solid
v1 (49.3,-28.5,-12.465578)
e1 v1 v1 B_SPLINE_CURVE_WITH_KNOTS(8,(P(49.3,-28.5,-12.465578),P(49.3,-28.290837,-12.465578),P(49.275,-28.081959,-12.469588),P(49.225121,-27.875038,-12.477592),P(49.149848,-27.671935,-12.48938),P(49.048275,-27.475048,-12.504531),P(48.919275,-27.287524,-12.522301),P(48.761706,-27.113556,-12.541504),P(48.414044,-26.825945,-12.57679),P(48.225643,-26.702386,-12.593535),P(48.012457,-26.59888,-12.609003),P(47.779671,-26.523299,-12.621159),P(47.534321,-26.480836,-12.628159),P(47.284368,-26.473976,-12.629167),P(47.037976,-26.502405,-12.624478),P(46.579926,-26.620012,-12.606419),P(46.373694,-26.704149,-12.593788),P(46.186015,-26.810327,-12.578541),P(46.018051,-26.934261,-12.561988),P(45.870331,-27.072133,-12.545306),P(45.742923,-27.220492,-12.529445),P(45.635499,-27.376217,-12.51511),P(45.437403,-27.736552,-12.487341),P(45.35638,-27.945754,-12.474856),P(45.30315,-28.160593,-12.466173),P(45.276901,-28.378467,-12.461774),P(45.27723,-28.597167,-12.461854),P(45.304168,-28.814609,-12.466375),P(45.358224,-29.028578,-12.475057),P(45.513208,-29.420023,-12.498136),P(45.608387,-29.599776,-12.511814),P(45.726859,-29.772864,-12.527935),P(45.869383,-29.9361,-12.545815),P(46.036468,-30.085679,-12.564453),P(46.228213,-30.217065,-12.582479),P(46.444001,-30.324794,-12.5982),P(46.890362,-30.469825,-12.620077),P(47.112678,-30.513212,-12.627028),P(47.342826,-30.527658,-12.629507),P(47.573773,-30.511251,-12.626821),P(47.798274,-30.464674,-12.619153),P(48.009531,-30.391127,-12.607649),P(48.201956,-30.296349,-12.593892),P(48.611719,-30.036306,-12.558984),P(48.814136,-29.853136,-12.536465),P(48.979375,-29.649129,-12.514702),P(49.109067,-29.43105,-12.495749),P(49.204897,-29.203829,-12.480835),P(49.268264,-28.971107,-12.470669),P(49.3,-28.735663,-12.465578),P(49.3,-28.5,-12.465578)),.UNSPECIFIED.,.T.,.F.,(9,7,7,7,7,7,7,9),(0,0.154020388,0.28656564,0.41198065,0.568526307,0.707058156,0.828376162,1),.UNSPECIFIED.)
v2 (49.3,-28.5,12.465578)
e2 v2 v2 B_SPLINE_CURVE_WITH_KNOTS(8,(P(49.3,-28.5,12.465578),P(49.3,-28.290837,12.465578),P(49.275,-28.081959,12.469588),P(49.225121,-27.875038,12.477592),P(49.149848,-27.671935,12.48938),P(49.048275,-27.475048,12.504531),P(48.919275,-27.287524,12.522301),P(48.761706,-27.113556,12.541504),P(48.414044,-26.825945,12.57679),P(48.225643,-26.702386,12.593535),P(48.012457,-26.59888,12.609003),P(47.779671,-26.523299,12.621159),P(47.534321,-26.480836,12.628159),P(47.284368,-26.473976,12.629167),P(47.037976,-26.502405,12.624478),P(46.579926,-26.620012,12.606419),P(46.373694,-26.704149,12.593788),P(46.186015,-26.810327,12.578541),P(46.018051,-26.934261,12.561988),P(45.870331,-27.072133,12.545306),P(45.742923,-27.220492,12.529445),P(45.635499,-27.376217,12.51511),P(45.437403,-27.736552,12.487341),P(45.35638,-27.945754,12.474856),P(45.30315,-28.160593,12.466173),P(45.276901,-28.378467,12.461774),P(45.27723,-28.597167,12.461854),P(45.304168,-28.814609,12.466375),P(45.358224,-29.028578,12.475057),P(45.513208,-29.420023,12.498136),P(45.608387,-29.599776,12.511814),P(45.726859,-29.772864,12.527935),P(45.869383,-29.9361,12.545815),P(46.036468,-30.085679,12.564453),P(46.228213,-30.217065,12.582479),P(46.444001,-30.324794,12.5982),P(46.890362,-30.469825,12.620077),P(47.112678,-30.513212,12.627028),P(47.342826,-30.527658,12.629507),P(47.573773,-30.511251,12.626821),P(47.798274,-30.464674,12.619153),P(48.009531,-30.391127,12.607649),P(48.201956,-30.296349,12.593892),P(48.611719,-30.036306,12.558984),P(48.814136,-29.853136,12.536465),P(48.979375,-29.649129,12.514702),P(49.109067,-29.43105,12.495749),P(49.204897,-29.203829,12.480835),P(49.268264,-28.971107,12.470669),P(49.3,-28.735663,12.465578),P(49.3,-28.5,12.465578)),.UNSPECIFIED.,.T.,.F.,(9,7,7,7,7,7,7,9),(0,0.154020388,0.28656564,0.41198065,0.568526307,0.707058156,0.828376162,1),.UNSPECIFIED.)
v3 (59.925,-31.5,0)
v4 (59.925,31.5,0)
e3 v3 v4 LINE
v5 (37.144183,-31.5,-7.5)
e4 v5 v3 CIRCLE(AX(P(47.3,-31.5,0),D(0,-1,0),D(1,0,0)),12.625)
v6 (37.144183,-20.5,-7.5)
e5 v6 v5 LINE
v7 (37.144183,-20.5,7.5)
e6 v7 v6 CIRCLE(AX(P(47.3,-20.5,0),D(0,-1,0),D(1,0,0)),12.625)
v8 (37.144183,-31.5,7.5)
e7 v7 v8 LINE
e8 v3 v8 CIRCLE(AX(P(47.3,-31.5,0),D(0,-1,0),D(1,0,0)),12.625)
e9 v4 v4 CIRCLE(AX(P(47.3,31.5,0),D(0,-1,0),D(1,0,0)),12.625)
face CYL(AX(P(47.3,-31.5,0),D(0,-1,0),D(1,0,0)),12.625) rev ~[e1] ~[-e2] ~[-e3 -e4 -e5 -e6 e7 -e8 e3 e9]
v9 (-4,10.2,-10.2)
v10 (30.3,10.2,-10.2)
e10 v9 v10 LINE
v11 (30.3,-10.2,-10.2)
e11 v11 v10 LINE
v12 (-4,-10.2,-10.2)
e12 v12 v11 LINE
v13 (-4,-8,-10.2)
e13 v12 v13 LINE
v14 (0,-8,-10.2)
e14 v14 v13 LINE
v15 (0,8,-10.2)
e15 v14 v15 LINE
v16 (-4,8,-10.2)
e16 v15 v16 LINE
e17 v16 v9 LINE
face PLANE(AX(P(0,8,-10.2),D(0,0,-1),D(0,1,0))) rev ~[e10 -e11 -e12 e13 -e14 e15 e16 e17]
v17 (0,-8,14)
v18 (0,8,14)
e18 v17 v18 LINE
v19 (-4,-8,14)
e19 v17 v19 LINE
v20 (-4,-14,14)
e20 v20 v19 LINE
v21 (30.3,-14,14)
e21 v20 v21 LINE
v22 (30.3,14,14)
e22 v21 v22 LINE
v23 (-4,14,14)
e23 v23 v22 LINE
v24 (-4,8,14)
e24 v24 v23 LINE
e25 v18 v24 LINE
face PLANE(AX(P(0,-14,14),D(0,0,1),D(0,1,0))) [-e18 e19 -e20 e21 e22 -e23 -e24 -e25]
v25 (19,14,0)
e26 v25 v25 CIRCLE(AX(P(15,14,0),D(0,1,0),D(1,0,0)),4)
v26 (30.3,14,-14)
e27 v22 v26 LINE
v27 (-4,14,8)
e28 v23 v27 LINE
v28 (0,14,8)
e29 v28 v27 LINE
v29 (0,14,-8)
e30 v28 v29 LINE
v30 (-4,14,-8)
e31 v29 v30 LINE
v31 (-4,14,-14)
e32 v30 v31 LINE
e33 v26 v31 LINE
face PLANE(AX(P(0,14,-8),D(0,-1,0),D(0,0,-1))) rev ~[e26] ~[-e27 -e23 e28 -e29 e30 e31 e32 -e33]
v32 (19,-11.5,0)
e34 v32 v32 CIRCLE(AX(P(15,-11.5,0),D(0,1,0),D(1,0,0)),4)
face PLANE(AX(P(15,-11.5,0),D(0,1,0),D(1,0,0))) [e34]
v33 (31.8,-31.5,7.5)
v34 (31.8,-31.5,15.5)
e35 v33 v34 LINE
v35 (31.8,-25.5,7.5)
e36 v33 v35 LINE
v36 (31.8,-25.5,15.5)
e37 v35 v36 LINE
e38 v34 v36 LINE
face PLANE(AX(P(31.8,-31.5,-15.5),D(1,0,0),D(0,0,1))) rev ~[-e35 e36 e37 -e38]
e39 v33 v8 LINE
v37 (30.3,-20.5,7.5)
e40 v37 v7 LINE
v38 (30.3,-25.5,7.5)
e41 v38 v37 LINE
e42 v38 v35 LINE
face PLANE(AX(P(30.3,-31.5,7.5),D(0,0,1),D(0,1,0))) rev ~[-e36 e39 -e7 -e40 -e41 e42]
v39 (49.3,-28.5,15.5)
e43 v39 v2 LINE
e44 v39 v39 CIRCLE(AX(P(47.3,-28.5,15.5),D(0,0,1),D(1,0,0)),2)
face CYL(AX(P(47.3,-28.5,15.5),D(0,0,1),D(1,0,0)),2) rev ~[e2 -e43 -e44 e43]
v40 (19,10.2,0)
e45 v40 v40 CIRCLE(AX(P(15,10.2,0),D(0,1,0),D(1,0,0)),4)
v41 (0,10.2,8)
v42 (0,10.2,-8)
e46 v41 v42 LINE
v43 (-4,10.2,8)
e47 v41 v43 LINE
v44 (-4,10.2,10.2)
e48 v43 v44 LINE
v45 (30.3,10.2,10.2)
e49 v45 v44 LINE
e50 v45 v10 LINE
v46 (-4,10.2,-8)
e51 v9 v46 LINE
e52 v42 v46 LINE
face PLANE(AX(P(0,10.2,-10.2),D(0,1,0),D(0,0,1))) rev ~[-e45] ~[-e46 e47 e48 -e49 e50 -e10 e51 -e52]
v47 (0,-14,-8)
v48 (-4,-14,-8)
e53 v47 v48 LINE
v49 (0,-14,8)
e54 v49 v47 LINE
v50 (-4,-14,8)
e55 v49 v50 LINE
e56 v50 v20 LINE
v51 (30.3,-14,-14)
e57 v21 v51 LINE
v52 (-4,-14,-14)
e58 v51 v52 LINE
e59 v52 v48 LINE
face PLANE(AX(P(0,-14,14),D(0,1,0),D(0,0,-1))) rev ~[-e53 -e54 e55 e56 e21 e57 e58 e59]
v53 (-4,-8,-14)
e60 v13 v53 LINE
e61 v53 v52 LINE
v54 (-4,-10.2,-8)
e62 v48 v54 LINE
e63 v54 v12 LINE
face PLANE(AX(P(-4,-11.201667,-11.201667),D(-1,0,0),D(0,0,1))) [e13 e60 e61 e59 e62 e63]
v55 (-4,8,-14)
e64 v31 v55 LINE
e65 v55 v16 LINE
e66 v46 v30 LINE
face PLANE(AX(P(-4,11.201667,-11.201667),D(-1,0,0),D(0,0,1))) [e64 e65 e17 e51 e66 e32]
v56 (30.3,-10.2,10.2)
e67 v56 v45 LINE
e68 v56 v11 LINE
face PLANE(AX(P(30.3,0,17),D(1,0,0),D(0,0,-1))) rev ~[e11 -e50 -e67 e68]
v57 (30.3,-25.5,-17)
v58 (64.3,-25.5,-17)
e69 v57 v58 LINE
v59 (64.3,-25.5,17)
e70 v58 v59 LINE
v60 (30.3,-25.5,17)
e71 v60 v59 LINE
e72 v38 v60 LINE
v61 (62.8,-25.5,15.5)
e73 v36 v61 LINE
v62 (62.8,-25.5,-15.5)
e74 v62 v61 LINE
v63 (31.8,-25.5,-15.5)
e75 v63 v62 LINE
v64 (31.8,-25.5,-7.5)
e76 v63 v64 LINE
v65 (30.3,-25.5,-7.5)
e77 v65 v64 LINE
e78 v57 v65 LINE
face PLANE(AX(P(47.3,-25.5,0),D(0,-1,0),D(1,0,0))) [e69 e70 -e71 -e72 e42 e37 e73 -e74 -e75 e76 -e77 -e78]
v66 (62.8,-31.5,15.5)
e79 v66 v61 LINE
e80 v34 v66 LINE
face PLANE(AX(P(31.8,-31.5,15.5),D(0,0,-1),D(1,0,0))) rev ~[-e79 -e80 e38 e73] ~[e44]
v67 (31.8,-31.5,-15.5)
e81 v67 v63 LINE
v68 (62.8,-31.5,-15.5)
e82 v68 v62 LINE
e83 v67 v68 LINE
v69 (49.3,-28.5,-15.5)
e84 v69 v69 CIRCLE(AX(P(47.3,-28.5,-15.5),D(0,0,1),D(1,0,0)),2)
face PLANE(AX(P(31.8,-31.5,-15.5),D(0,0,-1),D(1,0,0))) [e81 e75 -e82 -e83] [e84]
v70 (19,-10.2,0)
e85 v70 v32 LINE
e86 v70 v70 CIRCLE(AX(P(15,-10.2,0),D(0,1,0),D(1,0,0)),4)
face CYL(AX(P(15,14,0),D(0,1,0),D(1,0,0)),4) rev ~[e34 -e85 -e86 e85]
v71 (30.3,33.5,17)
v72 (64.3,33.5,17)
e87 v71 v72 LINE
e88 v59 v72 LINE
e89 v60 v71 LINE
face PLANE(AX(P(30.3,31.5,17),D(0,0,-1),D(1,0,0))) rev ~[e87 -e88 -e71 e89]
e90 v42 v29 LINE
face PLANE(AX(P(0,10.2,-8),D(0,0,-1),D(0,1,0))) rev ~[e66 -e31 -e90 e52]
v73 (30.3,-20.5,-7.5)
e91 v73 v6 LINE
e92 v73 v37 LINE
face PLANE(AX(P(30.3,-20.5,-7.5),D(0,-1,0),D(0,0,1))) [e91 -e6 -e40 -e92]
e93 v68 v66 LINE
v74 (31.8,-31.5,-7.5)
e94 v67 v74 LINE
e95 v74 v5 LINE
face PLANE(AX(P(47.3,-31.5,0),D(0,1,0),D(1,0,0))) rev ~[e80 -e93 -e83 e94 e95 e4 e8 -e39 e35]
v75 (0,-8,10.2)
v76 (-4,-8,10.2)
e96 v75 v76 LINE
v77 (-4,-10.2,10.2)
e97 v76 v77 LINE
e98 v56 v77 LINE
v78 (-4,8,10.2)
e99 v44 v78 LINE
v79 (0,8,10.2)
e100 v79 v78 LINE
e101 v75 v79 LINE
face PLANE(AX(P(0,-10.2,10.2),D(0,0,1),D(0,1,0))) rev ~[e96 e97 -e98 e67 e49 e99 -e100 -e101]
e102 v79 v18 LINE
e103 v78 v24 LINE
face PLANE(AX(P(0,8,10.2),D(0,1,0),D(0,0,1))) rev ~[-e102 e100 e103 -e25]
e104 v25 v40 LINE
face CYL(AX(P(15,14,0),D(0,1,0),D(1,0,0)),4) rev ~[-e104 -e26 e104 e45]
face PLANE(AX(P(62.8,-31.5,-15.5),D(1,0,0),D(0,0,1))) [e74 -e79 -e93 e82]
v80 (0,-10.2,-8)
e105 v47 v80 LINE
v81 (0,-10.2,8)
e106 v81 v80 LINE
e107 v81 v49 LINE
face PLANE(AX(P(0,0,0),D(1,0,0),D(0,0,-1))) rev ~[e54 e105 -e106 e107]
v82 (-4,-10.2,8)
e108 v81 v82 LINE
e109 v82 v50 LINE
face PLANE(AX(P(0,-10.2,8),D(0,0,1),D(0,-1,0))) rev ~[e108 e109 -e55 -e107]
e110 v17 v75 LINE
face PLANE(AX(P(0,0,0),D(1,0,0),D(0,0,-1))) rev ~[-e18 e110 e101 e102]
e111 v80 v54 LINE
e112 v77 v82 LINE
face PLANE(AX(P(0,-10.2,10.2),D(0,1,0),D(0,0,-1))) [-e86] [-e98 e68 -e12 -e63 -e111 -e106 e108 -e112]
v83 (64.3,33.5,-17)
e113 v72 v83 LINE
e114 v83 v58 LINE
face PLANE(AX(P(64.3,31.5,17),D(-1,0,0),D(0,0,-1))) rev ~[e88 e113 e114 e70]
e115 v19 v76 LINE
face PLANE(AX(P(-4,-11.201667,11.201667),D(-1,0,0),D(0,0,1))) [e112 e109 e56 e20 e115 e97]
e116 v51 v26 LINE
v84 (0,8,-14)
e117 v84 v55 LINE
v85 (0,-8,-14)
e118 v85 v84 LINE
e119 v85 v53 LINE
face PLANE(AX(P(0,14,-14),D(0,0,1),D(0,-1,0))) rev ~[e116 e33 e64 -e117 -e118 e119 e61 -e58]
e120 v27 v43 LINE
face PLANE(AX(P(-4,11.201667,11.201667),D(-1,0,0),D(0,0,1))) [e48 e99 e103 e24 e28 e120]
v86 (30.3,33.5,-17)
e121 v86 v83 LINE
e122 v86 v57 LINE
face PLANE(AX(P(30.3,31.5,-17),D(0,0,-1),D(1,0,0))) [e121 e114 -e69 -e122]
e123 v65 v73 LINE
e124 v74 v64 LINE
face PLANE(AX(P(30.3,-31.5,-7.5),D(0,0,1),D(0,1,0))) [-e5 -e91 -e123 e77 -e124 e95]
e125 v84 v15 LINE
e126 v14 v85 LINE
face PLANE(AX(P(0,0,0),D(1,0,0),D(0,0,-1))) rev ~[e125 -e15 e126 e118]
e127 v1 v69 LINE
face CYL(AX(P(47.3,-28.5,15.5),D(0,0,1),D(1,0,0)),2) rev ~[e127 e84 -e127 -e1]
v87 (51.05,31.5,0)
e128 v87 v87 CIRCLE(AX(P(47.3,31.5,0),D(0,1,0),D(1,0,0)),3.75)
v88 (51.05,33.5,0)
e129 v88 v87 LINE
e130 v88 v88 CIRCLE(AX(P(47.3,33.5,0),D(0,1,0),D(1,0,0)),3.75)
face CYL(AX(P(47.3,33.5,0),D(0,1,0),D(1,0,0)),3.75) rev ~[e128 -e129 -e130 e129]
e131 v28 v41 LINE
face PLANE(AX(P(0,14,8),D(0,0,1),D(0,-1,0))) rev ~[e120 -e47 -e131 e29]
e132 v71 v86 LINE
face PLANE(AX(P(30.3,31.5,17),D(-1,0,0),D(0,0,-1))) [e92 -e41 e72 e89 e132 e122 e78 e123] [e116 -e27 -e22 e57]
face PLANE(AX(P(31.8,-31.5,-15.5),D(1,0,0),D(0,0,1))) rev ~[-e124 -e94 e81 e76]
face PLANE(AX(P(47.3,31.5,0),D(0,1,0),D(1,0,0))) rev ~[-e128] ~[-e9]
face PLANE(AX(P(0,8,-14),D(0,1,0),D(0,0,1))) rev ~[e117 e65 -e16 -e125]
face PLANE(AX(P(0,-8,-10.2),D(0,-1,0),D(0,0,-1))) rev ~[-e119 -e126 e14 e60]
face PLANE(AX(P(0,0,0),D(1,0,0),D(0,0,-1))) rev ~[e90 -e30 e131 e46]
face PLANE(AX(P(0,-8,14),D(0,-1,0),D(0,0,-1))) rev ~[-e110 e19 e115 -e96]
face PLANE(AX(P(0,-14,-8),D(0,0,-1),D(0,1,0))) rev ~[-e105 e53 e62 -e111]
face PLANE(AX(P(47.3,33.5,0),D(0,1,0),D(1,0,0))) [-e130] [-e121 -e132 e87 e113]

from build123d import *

# Parameters (mm, degrees)
CROQUIS1_W              = 28
CROQUIS1_H              = 28
CROQUIS1_W_2            = 20.4
CROQUIS1_H_2            = 20.4
SALIENTE_EXTRUIR1_DEPTH = 30.3
CROQUIS2_W              = 34
CROQUIS2_H              = 34
SALIENTE_EXTRUIR2_DEPTH = 31.5
CROQUIS3_R              = 12.625
CORTAR_EXTRUIR1_DEPTH   = 63
CROQUIS4_W              = 34
CROQUIS4_H              = 34
SALIENTE_EXTRUIR3_DEPTH = 2
CORTAR_EXTRUIR2_REACH   = 67
CROQUIS5_R              = 3.75
CORTAR_EXTRUIR3_REACH   = 36
CROQUIS6_W              = 15
CROQUIS6_H              = 11
CROQUIS7_W              = 34
CROQUIS7_H              = 34
CROQUIS7_W_2            = 31
CROQUIS7_H_2            = 31
CORTAR_EXTRUIR4_DEPTH   = 6
CROQUIS8_R              = 2
CORTAR_EXTRUIR7_DEPTH   = 40
CROQUIS10_R             = 4
CORTAR_EXTRUIR8_DEPTH   = 25.5
SALIENTE_EXTRUIR4_DEPTH = 4


with BuildPart() as part:
    # Croquis1 → Saliente-Extruir1 (new body)
    with BuildSketch(Plane(origin=(0, 0, 0), x_dir=(0, 0, -1), z_dir=(1, 0, 0))):
        Rectangle(CROQUIS1_W, CROQUIS1_H)
        Rectangle(CROQUIS1_W_2, CROQUIS1_H_2, mode=Mode.SUBTRACT)
    extrude(amount=SALIENTE_EXTRUIR1_DEPTH)

    # Croquis2 → Saliente-Extruir2 (add, symmetric)
    with BuildSketch(Plane(origin=(0, 0, 0), x_dir=(1, 0, 0), z_dir=(0, 1, 0))):
        with Locations((47.3, 0)):
            Rectangle(CROQUIS2_W, CROQUIS2_H)
    extrude(amount=SALIENTE_EXTRUIR2_DEPTH, both=True)

    # Croquis3 → Cortar-Extruir1 (cut)
    with BuildSketch(Plane.XZ.offset(31.5)):
        with Locations((47.3, 0)):
            Circle(CROQUIS3_R)
    extrude(amount=-CORTAR_EXTRUIR1_DEPTH, mode=Mode.SUBTRACT)

    # Croquis4 → Saliente-Extruir3 (add)
    with BuildSketch(Plane(origin=(0, 31.5, 0), x_dir=(1, 0, 0), z_dir=(0, 1, 0))):
        with Locations((47.3, 0)):
            Rectangle(CROQUIS4_W, CROQUIS4_H)
    extrude(amount=SALIENTE_EXTRUIR3_DEPTH)

    # Croquis5 → Cortar-Extruir2 (cut, up to next)
    with BuildSketch(Plane(origin=(0, 33.5, 0), x_dir=(1, 0, 0), z_dir=(0, 1, 0)), mode=Mode.PRIVATE) as cortar_extruir2_sk1:
        with Locations((47.3, 0)):
            Circle(CROQUIS5_R)
    cortar_extruir2_tool1 = extrude(cortar_extruir2_sk1.sketch, amount=-CORTAR_EXTRUIR2_REACH, mode=Mode.PRIVATE) & part.part
    add(cortar_extruir2_tool1.solids().sort_by_distance((47.3, 33.5, 0))[0], mode=Mode.SUBTRACT)

    # Croquis6 → Cortar-Extruir3 (cut, up to next)
    with BuildSketch(Plane.ZY.offset(-30.3), mode=Mode.PRIVATE) as cortar_extruir3_sk1:
        with Locations((0, -26)):
            Rectangle(CROQUIS6_W, CROQUIS6_H)
    cortar_extruir3_tool1 = extrude(cortar_extruir3_sk1.sketch, amount=-CORTAR_EXTRUIR3_REACH, mode=Mode.PRIVATE) & part.part
    add(cortar_extruir3_tool1.solids().sort_by_distance((30.3, -26, 0))[0], mode=Mode.SUBTRACT)

    # Croquis7 → Cortar-Extruir4 (cut)
    with BuildSketch(Plane.XZ.offset(31.5)):
        with Locations((47.3, 0)):
            Rectangle(CROQUIS7_W, CROQUIS7_H)
        with Locations((47.3, 0)):
            Rectangle(CROQUIS7_W_2, CROQUIS7_H_2, mode=Mode.SUBTRACT)
    extrude(amount=-CORTAR_EXTRUIR4_DEPTH, mode=Mode.SUBTRACT)

    # Croquis8 → Cortar-Extruir7 (cut)
    with BuildSketch(Plane.XY.offset(15.5)):
        with Locations((47.3, -28.5)):
            Circle(CROQUIS8_R)
    extrude(amount=-CORTAR_EXTRUIR7_DEPTH, mode=Mode.SUBTRACT)

    # Croquis10 → Cortar-Extruir8 (cut)
    with BuildSketch(Plane(origin=(0, 14, 0), x_dir=(1, 0, 0), z_dir=(0, 1, 0))):
        with Locations((15, 0)):
            Circle(CROQUIS10_R)
    extrude(amount=-CORTAR_EXTRUIR8_DEPTH, mode=Mode.SUBTRACT)

    # Croquis12 → Saliente-Extruir4 (add)
    with BuildSketch(Plane.ZY):
        Polygon((-8, 10.2), (-8, 14), (-14, 14), (-14, 8), (-10.2, 8), (-10.2, 10.2), align=None)
        Polygon((14, 10.2), (14, 14), (8, 14), (8, 10.2), (10.2, 10.2), (10.2, 8), (14, 8), align=None)
        Polygon((14, -14), (14, -8), (10.2, -8), (10.2, -10.2), (8, -10.2), (8, -14), align=None)
        Polygon((-10.2, -8), (-14, -8), (-14, -14), (-8, -14), (-8, -10.2), (-10.2, -10.2), align=None)
    extrude(amount=SALIENTE_EXTRUIR4_DEPTH)


solid = part.part
